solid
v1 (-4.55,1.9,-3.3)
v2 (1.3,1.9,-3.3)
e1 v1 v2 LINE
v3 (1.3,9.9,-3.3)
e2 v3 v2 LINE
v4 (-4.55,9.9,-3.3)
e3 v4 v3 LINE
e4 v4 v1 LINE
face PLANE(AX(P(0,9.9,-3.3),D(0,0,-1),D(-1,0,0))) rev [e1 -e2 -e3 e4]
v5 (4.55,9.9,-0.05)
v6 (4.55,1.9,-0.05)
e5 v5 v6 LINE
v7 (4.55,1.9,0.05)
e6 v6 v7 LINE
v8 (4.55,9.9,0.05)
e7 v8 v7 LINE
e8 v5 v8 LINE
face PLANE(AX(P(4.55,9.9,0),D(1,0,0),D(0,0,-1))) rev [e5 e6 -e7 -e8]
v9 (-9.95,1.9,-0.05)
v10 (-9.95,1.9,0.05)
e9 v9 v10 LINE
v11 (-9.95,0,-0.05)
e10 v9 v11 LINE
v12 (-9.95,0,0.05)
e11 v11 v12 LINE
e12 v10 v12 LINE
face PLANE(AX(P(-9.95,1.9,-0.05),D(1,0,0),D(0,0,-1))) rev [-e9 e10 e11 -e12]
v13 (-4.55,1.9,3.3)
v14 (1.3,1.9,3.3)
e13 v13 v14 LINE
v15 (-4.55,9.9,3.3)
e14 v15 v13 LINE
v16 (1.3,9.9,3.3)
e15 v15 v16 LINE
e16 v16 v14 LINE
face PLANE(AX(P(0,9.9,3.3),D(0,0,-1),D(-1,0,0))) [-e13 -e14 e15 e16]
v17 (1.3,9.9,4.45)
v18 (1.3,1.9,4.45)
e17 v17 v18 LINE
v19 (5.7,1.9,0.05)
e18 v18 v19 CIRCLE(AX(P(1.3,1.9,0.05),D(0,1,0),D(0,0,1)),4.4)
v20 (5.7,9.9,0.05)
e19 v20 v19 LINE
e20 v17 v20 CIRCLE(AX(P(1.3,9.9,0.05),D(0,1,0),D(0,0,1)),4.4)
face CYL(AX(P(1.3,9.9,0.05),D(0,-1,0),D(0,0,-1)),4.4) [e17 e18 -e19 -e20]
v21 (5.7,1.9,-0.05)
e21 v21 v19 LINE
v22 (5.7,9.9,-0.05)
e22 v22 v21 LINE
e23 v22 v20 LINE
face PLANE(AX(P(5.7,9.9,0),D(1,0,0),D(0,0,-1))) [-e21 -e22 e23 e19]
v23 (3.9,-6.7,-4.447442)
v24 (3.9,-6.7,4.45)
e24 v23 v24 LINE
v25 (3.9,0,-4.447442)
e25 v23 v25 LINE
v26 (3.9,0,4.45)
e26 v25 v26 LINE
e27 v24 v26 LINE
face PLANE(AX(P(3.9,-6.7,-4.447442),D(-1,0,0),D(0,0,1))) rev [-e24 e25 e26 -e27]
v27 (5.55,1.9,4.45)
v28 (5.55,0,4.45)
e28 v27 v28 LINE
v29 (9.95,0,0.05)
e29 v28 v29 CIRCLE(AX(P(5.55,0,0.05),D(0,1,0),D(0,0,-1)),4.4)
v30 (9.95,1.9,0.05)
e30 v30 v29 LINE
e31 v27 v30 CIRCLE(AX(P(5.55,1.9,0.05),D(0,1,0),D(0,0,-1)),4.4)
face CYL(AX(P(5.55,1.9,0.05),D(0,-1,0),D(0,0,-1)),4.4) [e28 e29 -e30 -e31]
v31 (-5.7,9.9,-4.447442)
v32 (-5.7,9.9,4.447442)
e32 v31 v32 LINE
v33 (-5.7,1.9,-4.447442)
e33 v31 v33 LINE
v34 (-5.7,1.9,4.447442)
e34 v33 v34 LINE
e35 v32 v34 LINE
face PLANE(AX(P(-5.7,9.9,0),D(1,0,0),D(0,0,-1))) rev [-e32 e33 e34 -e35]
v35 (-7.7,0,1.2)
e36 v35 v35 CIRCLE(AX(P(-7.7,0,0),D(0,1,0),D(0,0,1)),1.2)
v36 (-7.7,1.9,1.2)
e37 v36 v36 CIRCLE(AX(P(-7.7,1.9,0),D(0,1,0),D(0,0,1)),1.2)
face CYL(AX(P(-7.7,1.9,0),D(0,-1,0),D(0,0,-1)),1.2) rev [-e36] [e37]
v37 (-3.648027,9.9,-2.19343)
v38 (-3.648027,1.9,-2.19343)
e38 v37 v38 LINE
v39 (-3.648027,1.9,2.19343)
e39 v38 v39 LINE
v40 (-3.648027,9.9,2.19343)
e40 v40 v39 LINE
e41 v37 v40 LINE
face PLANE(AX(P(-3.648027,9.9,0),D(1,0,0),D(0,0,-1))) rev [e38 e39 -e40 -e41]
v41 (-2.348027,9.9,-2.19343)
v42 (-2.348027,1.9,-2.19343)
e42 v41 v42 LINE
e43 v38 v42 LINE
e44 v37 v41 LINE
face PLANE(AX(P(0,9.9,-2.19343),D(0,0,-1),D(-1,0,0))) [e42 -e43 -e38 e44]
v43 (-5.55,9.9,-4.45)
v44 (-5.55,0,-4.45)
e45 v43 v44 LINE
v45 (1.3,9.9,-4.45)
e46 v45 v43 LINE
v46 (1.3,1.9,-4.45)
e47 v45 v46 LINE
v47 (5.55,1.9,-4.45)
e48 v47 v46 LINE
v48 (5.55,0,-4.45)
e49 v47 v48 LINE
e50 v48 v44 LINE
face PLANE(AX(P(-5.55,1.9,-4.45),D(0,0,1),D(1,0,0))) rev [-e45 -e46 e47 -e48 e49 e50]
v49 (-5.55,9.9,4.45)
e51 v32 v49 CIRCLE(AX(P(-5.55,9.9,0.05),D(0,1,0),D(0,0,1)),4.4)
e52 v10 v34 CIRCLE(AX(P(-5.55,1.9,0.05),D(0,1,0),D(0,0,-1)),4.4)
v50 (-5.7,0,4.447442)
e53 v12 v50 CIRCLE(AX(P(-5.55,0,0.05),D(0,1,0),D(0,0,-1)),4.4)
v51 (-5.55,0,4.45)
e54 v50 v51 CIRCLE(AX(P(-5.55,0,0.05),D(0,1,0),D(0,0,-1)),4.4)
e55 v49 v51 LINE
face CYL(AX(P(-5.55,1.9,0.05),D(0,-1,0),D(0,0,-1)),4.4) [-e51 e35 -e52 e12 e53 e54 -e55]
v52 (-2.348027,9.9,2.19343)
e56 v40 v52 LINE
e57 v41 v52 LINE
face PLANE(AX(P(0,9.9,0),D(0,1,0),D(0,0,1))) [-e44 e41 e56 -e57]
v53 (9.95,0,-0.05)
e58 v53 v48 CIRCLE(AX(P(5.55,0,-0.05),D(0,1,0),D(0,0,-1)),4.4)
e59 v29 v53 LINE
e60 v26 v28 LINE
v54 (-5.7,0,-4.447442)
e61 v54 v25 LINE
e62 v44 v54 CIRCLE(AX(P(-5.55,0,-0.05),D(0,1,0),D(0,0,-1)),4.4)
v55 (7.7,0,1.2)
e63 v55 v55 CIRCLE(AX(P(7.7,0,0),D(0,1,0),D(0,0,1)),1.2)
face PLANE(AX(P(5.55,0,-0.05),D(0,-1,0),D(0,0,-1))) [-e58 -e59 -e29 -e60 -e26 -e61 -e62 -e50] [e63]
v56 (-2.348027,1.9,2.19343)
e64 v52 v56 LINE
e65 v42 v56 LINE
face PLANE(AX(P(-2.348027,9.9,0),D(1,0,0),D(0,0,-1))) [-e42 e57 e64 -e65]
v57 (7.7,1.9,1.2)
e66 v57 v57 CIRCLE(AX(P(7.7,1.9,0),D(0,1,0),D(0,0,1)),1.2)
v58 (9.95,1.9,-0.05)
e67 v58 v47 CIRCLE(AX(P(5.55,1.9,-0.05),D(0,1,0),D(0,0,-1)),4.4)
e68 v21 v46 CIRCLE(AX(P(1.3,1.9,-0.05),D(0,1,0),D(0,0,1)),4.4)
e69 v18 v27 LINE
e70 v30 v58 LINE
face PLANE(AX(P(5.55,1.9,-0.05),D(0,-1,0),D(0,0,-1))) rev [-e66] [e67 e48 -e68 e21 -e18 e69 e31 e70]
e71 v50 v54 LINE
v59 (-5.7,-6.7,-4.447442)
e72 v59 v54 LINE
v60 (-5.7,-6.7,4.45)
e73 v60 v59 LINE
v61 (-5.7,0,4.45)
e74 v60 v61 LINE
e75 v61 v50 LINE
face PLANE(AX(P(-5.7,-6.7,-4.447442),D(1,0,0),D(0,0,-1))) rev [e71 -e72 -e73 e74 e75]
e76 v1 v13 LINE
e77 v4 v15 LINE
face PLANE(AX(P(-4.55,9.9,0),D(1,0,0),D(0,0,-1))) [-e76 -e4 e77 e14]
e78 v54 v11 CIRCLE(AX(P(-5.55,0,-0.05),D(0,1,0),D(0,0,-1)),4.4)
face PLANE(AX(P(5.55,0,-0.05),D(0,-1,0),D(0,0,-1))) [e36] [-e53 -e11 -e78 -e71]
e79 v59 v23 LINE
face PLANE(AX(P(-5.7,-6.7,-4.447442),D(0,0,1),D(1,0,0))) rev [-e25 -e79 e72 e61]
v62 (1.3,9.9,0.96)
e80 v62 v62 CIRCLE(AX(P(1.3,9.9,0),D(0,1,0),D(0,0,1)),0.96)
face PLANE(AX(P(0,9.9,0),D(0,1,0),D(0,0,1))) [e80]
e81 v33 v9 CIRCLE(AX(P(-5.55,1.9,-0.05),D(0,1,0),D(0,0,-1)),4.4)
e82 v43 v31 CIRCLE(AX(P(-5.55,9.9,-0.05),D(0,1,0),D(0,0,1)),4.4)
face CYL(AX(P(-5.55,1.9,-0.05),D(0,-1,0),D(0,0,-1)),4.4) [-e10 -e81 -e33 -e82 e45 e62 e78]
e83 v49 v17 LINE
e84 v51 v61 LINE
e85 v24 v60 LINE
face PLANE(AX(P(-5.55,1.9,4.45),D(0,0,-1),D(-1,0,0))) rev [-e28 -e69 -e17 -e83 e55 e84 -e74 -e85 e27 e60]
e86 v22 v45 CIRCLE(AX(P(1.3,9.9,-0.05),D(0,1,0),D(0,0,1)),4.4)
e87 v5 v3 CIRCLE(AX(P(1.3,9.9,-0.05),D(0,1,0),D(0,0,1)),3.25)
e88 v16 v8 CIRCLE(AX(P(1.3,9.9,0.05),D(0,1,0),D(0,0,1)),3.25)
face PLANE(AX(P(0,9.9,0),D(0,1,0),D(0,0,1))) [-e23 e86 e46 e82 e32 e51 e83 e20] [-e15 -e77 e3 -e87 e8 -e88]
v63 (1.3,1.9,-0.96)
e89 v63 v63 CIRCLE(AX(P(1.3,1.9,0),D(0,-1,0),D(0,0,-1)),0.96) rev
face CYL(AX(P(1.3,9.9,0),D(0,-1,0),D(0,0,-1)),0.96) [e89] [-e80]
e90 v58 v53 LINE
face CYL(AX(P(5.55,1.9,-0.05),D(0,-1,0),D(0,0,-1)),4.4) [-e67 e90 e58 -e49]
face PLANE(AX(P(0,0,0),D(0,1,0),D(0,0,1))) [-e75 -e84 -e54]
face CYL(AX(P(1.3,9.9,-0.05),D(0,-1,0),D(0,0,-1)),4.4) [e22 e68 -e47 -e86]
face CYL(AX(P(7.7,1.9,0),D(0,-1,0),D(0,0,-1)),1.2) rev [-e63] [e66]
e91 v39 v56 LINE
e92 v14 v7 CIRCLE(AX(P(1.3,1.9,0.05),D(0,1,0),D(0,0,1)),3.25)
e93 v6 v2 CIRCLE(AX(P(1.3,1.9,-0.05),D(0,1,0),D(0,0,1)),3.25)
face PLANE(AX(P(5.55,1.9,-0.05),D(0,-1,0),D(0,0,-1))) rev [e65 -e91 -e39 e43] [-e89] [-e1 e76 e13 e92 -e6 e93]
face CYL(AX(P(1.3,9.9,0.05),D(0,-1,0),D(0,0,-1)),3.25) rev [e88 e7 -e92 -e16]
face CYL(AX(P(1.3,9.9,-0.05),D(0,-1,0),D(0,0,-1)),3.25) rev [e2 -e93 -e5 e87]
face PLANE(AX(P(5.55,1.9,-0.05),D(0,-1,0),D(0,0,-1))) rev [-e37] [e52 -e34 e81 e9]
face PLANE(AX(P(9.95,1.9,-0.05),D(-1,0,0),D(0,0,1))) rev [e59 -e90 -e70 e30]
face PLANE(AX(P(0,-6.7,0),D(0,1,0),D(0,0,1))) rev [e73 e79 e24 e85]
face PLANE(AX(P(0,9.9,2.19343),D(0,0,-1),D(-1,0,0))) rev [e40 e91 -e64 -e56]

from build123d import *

# Parameters (mm, degrees)
SKETCH1_R           = 1.2
BOSS_EXTRUDE1_DEPTH = 1.9
SKETCH2_W           = 1.3
SKETCH2_H           = 4.38685961
SKETCH2_R           = 0.96
BOSS_EXTRUDE2_DEPTH = 8
SKETCH3_W           = 9.6
SKETCH3_H           = 8.897442439
BOSS_EXTRUDE3_DEPTH = 6.7


with BuildPart() as part:
    # Sketch1 → Boss-Extrude1 (new body)
    with BuildSketch(Plane(origin=(0, 0, 0), x_dir=(1, 0, 0), z_dir=(0, 1, 0))):
        with BuildLine():
            Line((-5.55, 4.45), (5.55, 4.45))
            ThreePointArc((5.55, 4.45), (8.661269837, 3.161269837), (9.95, 0.05))
            Line((9.95, 0.05), (9.95, -0.05))
            ThreePointArc((9.95, -0.05), (8.661269837, -3.161269837), (5.55, -4.45))
            Line((5.55, -4.45), (-5.55, -4.45))
            ThreePointArc((-5.55, -4.45), (-8.661269837, -3.161269837), (-9.95, -0.05))
            Line((-9.95, -0.05), (-9.95, 0.05))
            ThreePointArc((-9.95, 0.05), (-8.661269837, 3.161269837), (-5.55, 4.45))
        make_face()
        with Locations((-7.7, 0)):
            Circle(SKETCH1_R, mode=Mode.SUBTRACT)
        with Locations((7.7, 0)):
            Circle(SKETCH1_R, mode=Mode.SUBTRACT)
    extrude(amount=BOSS_EXTRUDE1_DEPTH)

    # Sketch2 → Boss-Extrude2 (add)
    with BuildSketch(Plane(origin=(0, 1.9, 0), x_dir=(1, 0, 0), z_dir=(0, 1, 0))):
        with BuildLine():
            Line((1.3, 4.45), (-5.55, 4.45))
            ThreePointArc((-5.55, 4.45), (-5.625010901, 4.449360563), (-5.7, 4.447442439))
            Line((-5.7, 4.447442439), (-5.7, -4.447442439))
            ThreePointArc((-5.7, -4.447442439), (-5.625010901, -4.449360563), (-5.55, -4.45))
            Line((-5.55, -4.45), (1.3, -4.45))
            ThreePointArc((1.3, -4.45), (4.411269837, -3.161269837), (5.7, -0.05))
            Line((5.7, -0.05), (5.7, 0.05))
            ThreePointArc((5.7, 0.05), (4.411269837, 3.161269837), (1.3, 4.45))
        make_face()
        with BuildLine():
            Line((-4.55, -3.3), (-4.55, 3.3))
            Line((-4.55, 3.3), (1.3, 3.3))
            ThreePointArc((1.3, 3.3), (3.598097039, 2.348097039), (4.55, 0.05))
            Line((4.55, 0.05), (4.55, -0.05))
            ThreePointArc((4.55, -0.05), (3.598097039, -2.348097039), (1.3, -3.3))
            Line((1.3, -3.3), (-4.55, -3.3))
        make_face(mode=Mode.SUBTRACT)
        with Locations((-2.99802734, 0)):
            Rectangle(SKETCH2_W, SKETCH2_H)
        with Locations((1.3, 0)):
            Circle(SKETCH2_R)
    extrude(amount=BOSS_EXTRUDE2_DEPTH)

    # Sketch3 → Boss-Extrude3 (add)
    with BuildSketch(Plane.XZ):
        with Locations((-0.9, 0.00127878)):
            Rectangle(SKETCH3_W, SKETCH3_H)
    extrude(amount=BOSS_EXTRUDE3_DEPTH)


solid = part.part
